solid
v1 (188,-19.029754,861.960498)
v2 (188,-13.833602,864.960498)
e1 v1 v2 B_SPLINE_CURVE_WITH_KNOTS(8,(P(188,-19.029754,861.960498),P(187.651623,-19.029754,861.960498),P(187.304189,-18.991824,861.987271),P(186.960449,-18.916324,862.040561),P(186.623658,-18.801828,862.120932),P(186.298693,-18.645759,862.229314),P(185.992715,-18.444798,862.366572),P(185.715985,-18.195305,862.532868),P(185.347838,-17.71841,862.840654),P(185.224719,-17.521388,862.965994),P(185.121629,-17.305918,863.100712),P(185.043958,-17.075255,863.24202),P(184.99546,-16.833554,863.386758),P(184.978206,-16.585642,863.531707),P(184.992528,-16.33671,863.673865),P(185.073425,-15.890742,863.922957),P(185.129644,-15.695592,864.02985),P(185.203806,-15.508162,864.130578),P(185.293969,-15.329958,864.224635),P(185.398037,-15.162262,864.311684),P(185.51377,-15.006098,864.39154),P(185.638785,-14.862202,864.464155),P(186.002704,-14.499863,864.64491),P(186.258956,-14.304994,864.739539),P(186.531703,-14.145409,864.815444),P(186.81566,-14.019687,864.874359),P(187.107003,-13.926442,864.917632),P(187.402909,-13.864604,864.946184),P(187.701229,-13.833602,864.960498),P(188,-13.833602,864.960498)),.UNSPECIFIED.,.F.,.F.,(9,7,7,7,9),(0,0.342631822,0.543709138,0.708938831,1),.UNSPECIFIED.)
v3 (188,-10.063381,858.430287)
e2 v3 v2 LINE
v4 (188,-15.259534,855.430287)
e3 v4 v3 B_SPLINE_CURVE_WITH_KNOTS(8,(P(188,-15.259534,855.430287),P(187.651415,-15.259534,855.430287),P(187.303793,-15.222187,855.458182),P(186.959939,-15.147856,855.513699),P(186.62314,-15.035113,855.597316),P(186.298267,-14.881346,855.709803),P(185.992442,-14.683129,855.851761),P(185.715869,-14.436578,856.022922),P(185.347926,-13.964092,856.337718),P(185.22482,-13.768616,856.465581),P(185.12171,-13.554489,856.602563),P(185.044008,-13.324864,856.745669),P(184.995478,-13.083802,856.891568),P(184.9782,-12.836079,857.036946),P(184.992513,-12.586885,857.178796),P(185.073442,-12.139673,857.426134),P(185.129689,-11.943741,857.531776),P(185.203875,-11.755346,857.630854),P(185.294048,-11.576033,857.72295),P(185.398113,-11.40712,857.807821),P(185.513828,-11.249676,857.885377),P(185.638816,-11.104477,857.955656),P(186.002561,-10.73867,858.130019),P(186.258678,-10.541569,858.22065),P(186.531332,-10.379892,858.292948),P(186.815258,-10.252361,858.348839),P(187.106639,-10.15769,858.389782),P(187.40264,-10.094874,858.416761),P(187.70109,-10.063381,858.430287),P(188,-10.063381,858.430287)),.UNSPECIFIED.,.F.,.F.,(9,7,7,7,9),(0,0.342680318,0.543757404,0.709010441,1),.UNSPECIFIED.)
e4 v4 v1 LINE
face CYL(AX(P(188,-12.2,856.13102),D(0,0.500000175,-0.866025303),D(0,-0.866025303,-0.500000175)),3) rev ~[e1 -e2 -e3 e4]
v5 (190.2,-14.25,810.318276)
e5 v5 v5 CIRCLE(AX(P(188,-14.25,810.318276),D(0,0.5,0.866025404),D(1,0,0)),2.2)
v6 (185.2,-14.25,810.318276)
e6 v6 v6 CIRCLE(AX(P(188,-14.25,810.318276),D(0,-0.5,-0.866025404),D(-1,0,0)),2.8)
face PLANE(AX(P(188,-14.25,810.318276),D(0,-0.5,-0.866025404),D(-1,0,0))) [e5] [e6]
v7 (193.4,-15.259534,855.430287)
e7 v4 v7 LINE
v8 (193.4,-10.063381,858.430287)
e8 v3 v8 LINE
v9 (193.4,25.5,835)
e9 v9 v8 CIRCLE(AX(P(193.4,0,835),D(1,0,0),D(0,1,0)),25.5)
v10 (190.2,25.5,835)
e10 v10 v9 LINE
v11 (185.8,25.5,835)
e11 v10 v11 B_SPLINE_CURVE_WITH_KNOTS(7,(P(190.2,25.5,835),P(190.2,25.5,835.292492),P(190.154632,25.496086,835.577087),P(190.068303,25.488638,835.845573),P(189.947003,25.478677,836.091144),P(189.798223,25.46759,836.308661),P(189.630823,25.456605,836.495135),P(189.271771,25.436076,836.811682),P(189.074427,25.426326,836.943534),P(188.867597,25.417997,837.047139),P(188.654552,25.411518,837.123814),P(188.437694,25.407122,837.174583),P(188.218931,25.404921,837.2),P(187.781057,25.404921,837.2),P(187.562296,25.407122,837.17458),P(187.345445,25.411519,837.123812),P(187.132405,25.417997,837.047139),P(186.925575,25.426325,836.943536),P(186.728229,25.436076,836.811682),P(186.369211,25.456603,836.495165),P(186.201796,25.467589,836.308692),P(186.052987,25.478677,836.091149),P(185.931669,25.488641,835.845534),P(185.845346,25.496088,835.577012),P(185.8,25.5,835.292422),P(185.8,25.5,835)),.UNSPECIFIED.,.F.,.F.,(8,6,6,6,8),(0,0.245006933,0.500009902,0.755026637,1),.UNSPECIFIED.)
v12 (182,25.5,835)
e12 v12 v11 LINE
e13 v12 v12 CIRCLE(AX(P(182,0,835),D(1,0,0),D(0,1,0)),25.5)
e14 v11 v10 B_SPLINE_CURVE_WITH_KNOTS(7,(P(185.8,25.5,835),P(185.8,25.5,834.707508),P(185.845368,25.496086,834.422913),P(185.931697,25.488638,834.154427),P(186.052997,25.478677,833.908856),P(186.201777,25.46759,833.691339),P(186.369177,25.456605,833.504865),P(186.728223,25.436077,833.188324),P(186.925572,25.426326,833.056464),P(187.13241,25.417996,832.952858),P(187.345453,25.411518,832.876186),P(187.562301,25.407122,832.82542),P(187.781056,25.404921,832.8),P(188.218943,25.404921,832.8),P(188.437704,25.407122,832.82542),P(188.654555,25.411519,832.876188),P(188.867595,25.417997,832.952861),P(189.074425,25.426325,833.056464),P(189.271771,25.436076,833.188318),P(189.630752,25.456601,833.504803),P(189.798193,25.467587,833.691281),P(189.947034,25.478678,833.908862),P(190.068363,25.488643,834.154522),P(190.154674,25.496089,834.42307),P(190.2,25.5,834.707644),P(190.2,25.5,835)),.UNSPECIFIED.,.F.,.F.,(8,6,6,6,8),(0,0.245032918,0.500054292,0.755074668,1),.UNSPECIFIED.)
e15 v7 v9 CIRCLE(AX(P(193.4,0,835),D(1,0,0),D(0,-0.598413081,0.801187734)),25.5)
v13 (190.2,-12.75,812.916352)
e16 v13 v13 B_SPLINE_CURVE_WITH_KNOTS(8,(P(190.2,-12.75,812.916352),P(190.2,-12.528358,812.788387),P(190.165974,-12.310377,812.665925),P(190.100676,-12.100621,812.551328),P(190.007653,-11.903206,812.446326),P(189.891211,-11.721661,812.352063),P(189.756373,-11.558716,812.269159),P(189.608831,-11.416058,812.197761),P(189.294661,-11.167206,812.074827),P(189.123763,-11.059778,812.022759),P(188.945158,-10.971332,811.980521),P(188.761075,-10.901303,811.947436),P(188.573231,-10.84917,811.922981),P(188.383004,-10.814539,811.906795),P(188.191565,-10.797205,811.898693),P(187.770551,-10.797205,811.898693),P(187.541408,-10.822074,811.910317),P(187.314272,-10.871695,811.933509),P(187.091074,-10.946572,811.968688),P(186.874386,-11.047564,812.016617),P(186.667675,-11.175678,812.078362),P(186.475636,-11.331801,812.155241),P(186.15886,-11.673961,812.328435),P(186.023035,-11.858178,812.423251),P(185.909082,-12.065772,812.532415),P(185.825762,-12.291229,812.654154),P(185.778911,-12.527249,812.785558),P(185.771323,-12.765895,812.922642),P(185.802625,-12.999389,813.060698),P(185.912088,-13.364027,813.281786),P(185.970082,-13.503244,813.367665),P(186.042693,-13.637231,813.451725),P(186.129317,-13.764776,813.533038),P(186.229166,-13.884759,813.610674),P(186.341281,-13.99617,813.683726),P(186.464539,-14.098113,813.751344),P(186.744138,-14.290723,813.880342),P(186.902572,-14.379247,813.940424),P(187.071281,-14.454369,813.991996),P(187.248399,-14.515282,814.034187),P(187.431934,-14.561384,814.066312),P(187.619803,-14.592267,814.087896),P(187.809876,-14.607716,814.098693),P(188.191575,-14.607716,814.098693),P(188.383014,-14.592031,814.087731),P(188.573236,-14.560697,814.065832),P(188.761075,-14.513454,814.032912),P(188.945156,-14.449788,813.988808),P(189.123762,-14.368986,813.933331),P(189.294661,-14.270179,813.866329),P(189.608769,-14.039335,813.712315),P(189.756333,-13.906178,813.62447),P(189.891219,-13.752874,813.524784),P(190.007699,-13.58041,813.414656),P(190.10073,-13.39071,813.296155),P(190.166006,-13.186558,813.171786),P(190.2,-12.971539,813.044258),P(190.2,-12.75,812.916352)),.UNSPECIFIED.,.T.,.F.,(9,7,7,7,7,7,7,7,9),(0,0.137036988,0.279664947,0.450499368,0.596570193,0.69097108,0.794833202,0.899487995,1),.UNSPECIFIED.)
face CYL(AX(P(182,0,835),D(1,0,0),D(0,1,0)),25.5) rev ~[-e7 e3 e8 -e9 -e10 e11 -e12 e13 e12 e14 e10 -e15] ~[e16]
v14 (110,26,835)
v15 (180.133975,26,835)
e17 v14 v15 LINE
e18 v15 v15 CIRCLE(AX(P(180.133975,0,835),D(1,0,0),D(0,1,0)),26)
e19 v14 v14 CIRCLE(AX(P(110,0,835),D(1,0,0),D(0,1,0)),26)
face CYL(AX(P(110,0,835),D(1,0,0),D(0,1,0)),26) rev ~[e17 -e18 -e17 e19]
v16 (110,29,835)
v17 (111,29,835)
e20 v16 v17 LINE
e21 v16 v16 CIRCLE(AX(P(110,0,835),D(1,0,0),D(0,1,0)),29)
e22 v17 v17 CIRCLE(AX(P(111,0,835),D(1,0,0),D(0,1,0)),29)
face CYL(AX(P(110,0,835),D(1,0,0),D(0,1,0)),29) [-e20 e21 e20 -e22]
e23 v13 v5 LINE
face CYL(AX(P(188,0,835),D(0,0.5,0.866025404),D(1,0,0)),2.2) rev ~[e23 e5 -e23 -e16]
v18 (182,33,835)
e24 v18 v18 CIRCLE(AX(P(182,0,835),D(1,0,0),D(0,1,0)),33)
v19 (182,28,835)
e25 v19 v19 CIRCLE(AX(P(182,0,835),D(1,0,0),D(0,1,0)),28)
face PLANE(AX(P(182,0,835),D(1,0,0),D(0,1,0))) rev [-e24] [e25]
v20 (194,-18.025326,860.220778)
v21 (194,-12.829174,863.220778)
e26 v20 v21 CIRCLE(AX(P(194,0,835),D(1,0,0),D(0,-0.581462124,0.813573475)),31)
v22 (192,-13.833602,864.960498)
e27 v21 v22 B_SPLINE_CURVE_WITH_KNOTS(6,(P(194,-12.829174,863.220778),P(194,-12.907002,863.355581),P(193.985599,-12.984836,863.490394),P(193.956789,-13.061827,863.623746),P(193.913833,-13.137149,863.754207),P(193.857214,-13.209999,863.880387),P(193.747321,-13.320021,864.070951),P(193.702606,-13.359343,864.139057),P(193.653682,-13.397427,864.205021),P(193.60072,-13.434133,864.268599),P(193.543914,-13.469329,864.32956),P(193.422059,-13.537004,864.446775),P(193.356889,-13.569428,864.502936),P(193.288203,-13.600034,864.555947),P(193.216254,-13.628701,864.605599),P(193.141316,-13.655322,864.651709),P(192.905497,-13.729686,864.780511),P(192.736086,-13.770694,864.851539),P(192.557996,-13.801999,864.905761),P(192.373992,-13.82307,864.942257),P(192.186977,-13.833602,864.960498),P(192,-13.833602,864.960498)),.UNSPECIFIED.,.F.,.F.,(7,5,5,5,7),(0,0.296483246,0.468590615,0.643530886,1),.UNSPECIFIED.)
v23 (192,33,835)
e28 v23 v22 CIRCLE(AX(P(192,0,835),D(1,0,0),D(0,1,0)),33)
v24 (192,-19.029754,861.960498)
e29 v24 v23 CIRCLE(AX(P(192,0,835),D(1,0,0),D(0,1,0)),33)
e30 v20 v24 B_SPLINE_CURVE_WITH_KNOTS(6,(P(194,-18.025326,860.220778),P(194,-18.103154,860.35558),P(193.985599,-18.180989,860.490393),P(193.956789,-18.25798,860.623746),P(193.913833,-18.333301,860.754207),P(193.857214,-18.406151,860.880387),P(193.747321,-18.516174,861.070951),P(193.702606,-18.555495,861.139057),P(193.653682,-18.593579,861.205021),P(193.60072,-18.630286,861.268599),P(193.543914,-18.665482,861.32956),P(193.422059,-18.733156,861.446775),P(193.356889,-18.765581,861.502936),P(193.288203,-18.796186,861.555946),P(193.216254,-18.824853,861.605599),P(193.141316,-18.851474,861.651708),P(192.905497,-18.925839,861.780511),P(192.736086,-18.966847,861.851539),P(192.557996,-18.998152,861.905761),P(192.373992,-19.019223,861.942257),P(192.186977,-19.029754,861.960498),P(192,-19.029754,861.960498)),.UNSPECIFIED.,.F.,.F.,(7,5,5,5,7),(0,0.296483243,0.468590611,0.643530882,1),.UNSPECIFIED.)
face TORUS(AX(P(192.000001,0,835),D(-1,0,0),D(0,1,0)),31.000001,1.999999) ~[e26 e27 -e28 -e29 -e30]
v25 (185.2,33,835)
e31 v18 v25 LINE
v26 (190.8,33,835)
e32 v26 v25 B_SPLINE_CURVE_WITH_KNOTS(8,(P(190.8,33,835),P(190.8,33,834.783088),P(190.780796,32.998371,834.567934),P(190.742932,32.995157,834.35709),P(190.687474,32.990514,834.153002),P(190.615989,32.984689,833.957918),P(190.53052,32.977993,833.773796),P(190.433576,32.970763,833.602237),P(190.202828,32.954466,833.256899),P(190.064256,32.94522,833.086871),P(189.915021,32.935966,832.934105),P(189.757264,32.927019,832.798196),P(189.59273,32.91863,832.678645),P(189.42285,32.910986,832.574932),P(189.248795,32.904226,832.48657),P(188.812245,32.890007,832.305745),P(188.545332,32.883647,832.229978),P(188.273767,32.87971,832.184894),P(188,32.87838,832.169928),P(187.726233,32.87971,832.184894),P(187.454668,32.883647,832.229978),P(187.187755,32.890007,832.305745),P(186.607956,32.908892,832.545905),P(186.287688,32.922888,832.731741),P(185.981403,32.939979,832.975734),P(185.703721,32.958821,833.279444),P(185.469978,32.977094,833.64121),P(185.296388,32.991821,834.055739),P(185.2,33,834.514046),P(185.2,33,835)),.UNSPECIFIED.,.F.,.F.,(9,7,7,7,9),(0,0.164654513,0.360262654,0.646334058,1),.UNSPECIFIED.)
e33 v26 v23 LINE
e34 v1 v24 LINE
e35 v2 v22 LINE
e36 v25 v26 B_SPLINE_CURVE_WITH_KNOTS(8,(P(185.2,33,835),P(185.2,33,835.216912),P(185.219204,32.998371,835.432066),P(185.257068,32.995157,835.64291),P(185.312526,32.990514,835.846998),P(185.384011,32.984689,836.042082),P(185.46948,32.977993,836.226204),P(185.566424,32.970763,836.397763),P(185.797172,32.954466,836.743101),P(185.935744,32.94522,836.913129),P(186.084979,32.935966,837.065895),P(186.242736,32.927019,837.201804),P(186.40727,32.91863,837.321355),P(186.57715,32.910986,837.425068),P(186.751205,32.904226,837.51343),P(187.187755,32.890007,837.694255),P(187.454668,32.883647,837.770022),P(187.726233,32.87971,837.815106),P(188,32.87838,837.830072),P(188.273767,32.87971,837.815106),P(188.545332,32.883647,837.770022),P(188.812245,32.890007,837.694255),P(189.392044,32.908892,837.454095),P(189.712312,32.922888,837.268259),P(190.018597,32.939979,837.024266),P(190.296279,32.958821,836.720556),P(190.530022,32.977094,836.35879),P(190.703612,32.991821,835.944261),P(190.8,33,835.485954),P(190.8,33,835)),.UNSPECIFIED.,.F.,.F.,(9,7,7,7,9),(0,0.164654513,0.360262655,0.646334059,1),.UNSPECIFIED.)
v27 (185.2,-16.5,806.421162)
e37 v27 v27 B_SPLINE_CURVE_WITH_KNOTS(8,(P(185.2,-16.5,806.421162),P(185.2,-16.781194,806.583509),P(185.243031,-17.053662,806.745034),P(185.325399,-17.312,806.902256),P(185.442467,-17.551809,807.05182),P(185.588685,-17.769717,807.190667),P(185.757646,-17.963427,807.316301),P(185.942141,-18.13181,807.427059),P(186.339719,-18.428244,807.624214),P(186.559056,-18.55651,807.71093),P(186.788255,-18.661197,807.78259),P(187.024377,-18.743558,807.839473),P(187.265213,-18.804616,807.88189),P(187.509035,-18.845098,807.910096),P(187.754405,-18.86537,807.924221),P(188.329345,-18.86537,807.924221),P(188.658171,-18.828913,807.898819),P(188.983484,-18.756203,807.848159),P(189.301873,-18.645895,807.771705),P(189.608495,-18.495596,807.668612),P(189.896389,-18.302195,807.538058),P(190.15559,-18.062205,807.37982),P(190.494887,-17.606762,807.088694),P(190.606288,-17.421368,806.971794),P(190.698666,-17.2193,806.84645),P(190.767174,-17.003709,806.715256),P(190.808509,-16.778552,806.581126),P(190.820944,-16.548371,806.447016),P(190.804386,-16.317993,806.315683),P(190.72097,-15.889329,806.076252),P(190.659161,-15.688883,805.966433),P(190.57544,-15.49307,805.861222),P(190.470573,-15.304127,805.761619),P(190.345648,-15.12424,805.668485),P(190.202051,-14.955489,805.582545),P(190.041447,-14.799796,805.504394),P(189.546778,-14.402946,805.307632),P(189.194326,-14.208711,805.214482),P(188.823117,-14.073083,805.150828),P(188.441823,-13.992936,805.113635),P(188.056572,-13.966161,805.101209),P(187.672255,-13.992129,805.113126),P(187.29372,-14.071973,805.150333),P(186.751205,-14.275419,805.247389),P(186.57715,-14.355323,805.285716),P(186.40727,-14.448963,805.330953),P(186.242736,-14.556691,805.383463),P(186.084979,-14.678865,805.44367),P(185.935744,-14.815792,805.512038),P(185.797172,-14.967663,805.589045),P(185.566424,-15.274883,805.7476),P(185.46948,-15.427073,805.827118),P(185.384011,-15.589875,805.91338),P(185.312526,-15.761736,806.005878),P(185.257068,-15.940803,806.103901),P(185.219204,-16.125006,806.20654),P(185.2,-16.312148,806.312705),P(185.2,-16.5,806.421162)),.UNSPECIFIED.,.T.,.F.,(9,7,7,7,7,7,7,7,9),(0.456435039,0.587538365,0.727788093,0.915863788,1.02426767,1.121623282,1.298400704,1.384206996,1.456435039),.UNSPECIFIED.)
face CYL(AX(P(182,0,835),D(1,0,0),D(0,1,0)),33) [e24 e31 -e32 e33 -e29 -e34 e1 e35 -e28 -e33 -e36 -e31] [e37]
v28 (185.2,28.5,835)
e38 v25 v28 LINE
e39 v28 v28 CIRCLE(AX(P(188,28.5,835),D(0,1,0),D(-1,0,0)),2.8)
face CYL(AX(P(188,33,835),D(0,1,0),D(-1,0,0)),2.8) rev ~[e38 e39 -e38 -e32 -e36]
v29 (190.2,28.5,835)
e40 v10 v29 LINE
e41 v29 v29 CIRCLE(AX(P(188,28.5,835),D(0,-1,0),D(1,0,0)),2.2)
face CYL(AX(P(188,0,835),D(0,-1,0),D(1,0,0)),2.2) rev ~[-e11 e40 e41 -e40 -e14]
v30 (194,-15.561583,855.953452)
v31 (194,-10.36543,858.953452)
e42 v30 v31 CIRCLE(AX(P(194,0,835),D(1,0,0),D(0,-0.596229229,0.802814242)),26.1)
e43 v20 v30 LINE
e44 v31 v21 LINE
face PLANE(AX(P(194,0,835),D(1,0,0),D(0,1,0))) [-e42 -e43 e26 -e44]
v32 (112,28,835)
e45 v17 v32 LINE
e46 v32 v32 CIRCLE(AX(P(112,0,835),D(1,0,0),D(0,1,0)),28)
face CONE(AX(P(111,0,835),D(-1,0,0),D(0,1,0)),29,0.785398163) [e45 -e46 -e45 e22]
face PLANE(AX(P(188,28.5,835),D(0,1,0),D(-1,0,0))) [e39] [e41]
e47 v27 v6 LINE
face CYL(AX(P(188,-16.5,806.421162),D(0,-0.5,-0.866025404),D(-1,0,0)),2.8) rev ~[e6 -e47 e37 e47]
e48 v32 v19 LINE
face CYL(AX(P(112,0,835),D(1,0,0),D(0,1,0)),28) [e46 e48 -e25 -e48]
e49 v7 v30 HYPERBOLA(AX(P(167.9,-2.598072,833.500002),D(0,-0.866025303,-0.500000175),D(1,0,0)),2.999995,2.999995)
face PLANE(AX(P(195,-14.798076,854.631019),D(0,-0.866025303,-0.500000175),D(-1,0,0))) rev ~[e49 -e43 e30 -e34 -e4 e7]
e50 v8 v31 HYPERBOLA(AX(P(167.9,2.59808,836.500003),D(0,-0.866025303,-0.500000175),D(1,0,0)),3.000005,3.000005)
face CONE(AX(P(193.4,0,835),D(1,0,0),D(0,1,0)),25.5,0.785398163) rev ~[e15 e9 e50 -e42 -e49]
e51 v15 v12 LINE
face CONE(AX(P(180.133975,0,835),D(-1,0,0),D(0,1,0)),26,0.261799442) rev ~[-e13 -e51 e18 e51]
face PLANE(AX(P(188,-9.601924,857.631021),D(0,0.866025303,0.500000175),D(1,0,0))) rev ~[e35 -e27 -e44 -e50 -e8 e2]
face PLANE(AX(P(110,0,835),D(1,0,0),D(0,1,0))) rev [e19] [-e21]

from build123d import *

# Parameters (mm, degrees)
SKETCH031_R           = 2.8
POCKET195_DEPTH       = 4.5
SKETCH032_R           = 2.2
POCKET196_DEPTH       = 284.142395
POLARPATTERN008_COUNT = 2
POLARPATTERN008_ANGLE = 120
POCKET197_DEPTH       = 20.679838
CHAMFER001_SIZE       = 0.6


with BuildPart() as part:
    # Sketch022 → Revolution001 (revolve)
    with BuildSketch(Plane.XY):
        with BuildLine():
            Line((0, 26), (70.133975, 26))
            Line((70.133975, 26), (72, 25.5))
            Line((72, 25.5), (84, 25.5))
            Line((84, 31), (84, 25.5))
            ThreePointArc((84, 31), (83.414214, 32.414214), (82, 33))
            Line((72, 33), (82, 33))
            Line((72, 28), (72, 33))
            Line((2, 28), (72, 28))
            Line((1, 29), (2, 28))
            Line((0, 29), (1, 29))
            Line((0, 26), (0, 29))
        make_face()
    revolve(axis=Axis((0, 0, 0), (1, 0, 0)))

    # Sketch031 (on DatumPlane) → Pocket195 (cut)
    with BuildSketch(Plane(origin=(78, 33, 0), x_dir=(-1, 0, 0), z_dir=(0, 1, 0))):
        Circle(SKETCH031_R)
    pocket195 = extrude(amount=-POCKET195_DEPTH, mode=Mode.SUBTRACT)

    # Sketch032 (on DatumPlane) → Pocket196 (cut, through all)
    with BuildSketch(Plane(origin=(78, 0, 0), x_dir=(1, 0, 0), z_dir=(0, -1, 0))):
        Circle(SKETCH032_R)
    pocket196 = extrude(amount=-POCKET196_DEPTH, mode=Mode.SUBTRACT)

    # PolarPattern008: Pocket195, Pocket196 ×2 about axis
    polarpattern008_axis = Axis((0, 0, 0), (-1, 0, 0))
    for i in range(1, POLARPATTERN008_COUNT):
        add(pocket195.rotate(polarpattern008_axis, i * POLARPATTERN008_ANGLE / (POLARPATTERN008_COUNT - 1)), mode=Mode.SUBTRACT)
        add(pocket196.rotate(polarpattern008_axis, i * POLARPATTERN008_ANGLE / (POLARPATTERN008_COUNT - 1)), mode=Mode.SUBTRACT)

    # Sketch146 (on DatumPlane) → Pocket197 (cut, through all)
    with BuildSketch(Plane(origin=(78, -12.2, 21.13102), x_dir=(1, 0, 0), z_dir=(0, 0.5, -0.866025))):
        with BuildLine():
            Line((7, 3), (0, 3))
            ThreePointArc((0, 3), (-3, 0), (0, -3))
            Line((0, -3), (7, -3))
            Line((7, -3), (7, 3))
        make_face()
    extrude(amount=-POCKET197_DEPTH, mode=Mode.SUBTRACT)

    # Chamfer001
    chamfer001_edges = [part.edges().sort_by_distance(p)[0] for p in [
        (84, 14.029144, 21.293969),
        (84, -11.426546, -22.79658),
    ]]
    chamfer(chamfer001_edges, length=CHAMFER001_SIZE)


with BuildPart() as part_1:
    # Body007 placement: moved
    add(part.part.moved(Location((110, 0, 835))))


solid = part_1.part
